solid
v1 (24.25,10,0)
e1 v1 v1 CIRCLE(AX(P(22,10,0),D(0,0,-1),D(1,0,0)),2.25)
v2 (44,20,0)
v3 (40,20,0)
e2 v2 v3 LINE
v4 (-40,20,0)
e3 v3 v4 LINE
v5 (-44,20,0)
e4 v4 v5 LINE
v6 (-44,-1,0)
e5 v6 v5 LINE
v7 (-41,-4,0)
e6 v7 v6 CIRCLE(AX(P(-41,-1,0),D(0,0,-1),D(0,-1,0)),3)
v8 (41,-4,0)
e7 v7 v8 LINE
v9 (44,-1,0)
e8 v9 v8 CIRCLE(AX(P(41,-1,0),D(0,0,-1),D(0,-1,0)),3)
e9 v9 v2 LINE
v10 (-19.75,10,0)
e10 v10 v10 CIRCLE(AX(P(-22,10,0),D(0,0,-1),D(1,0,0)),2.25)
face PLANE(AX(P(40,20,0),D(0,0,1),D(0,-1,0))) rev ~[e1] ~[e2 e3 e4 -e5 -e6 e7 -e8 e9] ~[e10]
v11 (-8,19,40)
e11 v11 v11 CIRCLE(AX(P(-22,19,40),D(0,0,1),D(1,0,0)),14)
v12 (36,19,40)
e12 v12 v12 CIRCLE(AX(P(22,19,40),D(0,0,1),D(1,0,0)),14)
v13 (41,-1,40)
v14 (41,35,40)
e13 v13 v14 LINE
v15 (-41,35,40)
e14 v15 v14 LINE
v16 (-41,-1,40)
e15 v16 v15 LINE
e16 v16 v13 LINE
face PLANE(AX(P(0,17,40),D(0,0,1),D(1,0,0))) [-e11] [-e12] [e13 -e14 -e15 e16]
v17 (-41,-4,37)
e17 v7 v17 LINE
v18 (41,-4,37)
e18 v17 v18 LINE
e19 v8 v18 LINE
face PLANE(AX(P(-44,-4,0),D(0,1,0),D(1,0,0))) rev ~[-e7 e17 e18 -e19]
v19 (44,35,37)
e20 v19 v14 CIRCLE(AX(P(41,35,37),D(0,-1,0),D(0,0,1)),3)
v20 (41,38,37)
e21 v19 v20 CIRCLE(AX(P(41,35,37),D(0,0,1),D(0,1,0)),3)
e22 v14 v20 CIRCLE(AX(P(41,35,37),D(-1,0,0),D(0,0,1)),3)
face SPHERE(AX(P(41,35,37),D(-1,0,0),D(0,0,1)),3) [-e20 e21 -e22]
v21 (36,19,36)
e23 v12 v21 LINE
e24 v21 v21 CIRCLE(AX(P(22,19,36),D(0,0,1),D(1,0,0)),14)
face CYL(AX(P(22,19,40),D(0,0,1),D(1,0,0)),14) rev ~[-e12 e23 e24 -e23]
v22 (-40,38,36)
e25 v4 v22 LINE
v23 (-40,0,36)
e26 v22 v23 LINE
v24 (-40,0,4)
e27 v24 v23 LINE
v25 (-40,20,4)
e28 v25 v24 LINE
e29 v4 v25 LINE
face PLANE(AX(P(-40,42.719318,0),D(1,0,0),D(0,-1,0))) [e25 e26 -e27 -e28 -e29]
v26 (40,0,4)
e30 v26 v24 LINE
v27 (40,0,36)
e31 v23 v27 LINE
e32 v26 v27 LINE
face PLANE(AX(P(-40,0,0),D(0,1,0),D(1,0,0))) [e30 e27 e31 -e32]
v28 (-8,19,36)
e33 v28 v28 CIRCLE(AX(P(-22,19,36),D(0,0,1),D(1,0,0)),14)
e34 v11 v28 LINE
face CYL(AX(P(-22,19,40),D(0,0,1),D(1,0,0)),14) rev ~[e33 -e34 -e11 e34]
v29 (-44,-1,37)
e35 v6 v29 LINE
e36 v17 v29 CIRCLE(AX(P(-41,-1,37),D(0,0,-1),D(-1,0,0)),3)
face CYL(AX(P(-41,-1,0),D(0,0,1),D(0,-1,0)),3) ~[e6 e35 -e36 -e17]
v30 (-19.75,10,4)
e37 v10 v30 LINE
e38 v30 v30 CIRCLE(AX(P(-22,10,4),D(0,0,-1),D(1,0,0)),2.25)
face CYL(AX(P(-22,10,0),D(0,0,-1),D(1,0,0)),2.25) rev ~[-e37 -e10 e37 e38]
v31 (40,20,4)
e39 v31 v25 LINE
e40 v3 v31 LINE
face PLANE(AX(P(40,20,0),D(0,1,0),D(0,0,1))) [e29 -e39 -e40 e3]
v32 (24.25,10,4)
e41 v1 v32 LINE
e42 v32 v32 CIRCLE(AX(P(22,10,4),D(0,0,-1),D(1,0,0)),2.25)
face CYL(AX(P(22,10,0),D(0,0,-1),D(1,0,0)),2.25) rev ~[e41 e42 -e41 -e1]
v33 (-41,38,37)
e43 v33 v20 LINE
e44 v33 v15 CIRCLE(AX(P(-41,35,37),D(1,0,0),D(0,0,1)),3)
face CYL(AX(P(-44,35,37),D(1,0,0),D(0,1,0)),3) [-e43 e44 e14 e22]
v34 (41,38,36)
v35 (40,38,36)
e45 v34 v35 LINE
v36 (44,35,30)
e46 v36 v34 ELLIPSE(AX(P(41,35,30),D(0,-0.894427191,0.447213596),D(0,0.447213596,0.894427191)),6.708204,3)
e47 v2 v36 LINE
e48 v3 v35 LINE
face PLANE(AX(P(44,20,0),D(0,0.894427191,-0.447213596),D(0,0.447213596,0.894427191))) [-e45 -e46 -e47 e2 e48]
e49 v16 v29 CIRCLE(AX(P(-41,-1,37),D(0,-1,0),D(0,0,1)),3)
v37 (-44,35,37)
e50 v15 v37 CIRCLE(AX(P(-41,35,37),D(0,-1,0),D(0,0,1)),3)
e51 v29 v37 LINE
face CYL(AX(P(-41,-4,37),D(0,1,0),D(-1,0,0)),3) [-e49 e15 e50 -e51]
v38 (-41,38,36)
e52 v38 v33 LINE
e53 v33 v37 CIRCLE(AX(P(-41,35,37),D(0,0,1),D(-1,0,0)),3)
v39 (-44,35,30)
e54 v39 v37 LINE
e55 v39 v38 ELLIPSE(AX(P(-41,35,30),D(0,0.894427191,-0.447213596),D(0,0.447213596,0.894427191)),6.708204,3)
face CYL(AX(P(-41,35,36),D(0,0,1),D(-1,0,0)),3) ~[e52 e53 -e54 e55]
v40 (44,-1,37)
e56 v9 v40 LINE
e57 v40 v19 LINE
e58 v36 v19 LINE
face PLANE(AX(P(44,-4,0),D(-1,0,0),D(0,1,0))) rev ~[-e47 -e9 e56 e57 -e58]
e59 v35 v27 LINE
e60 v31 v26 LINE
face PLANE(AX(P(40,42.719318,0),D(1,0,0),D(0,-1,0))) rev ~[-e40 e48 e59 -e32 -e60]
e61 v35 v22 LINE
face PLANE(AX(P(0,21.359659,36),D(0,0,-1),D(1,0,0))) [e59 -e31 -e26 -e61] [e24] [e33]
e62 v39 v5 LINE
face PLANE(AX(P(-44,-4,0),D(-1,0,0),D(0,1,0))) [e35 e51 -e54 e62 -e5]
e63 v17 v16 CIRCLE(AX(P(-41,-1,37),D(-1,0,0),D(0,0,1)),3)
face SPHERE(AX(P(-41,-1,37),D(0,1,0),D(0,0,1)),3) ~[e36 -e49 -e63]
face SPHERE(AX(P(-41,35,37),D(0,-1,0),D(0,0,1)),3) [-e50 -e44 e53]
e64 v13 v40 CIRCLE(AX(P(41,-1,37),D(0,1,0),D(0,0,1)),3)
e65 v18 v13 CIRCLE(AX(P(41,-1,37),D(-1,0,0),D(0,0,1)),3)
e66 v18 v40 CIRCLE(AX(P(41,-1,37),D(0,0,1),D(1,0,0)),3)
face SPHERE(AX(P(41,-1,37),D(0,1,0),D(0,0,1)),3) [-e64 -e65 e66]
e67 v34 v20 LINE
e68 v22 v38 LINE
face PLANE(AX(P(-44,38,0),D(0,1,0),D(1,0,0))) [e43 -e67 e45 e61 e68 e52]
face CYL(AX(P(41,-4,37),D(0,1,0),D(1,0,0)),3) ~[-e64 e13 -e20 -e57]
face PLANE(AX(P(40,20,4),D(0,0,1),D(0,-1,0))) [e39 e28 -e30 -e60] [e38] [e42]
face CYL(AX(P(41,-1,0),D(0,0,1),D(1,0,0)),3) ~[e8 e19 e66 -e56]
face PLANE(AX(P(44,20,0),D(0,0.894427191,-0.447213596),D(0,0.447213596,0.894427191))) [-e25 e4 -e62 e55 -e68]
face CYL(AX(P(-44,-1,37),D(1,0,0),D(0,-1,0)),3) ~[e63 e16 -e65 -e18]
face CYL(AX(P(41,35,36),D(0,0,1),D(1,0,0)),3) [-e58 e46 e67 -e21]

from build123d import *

# Parameters (mm, degrees)
SKETCH_W        = 88
SKETCH_H        = 42
PAD_DEPTH       = 40
SKETCH001_W     = 80
SKETCH001_H     = 42.719318
POCKET_DEPTH    = 36
SKETCH002_R     = 14
POCKET001_DEPTH = 5
SKETCH003_W     = 20
SKETCH003_H     = 4
PAD001_DEPTH    = 80
SKETCH004_R     = 2.25
POCKET002_DEPTH = 5
POCKET003_DEPTH = 88.001
FILLET_R        = 3


with BuildPart() as part:
    # Sketch → Pad (new body)
    with BuildSketch(Plane.XY):
        with Locations((0, 17)):
            Rectangle(SKETCH_W, SKETCH_H)
    extrude(amount=PAD_DEPTH)

    # Sketch001 → Pocket (cut)
    with BuildSketch(Plane(origin=(0, 0, 0), x_dir=(1, 0, 0), z_dir=(0, 0, -1))):
        with Locations((0, -21.359659)):
            Rectangle(SKETCH001_W, SKETCH001_H)
    extrude(amount=-POCKET_DEPTH, mode=Mode.SUBTRACT)

    # Sketch002 → Pocket001 (cut)
    with BuildSketch(Plane.XY.offset(40)):
        with Locations((-22, 19)):
            Circle(SKETCH002_R)
        with Locations((22, 19)):
            Circle(SKETCH002_R)
    extrude(amount=-POCKET001_DEPTH, mode=Mode.SUBTRACT)

    # Sketch003 → Pad001 (new body)
    with BuildSketch(Plane(origin=(40, 0, 0), x_dir=(0, -1, 0), z_dir=(-1, 0, 0))):
        with Locations((-10, 2)):
            Rectangle(SKETCH003_W, SKETCH003_H)
    extrude(amount=PAD001_DEPTH)

    # Sketch004 → Pocket002 (cut)
    with BuildSketch(Plane(origin=(0, 0, 0), x_dir=(1, 0, 0), z_dir=(0, 0, -1))):
        with Locations((-22, -10)):
            Circle(SKETCH004_R)
        with Locations((22, -10)):
            Circle(SKETCH004_R)
    extrude(amount=-POCKET002_DEPTH, mode=Mode.SUBTRACT)

    # Sketch006 → Pocket003 (cut, through all)
    with BuildSketch(Plane.YZ.offset(44)):
        Polygon((20, 0), (38, 36), (38, 0), align=None)
    extrude(amount=-POCKET003_DEPTH, mode=Mode.SUBTRACT)

    # Fillet
    fillet_edges = [part.edges().sort_by_distance(p)[0] for p in [
        (-44, 17, 40),
        (0, 38, 40),
        (44, 17, 40),
        (0, -4, 40),
        (44, -4, 20),
        (-44, -4, 20),
        (44, 38, 38),
        (-44, 38, 38),
    ]]
    fillet(fillet_edges, radius=FILLET_R)


solid = part.part
